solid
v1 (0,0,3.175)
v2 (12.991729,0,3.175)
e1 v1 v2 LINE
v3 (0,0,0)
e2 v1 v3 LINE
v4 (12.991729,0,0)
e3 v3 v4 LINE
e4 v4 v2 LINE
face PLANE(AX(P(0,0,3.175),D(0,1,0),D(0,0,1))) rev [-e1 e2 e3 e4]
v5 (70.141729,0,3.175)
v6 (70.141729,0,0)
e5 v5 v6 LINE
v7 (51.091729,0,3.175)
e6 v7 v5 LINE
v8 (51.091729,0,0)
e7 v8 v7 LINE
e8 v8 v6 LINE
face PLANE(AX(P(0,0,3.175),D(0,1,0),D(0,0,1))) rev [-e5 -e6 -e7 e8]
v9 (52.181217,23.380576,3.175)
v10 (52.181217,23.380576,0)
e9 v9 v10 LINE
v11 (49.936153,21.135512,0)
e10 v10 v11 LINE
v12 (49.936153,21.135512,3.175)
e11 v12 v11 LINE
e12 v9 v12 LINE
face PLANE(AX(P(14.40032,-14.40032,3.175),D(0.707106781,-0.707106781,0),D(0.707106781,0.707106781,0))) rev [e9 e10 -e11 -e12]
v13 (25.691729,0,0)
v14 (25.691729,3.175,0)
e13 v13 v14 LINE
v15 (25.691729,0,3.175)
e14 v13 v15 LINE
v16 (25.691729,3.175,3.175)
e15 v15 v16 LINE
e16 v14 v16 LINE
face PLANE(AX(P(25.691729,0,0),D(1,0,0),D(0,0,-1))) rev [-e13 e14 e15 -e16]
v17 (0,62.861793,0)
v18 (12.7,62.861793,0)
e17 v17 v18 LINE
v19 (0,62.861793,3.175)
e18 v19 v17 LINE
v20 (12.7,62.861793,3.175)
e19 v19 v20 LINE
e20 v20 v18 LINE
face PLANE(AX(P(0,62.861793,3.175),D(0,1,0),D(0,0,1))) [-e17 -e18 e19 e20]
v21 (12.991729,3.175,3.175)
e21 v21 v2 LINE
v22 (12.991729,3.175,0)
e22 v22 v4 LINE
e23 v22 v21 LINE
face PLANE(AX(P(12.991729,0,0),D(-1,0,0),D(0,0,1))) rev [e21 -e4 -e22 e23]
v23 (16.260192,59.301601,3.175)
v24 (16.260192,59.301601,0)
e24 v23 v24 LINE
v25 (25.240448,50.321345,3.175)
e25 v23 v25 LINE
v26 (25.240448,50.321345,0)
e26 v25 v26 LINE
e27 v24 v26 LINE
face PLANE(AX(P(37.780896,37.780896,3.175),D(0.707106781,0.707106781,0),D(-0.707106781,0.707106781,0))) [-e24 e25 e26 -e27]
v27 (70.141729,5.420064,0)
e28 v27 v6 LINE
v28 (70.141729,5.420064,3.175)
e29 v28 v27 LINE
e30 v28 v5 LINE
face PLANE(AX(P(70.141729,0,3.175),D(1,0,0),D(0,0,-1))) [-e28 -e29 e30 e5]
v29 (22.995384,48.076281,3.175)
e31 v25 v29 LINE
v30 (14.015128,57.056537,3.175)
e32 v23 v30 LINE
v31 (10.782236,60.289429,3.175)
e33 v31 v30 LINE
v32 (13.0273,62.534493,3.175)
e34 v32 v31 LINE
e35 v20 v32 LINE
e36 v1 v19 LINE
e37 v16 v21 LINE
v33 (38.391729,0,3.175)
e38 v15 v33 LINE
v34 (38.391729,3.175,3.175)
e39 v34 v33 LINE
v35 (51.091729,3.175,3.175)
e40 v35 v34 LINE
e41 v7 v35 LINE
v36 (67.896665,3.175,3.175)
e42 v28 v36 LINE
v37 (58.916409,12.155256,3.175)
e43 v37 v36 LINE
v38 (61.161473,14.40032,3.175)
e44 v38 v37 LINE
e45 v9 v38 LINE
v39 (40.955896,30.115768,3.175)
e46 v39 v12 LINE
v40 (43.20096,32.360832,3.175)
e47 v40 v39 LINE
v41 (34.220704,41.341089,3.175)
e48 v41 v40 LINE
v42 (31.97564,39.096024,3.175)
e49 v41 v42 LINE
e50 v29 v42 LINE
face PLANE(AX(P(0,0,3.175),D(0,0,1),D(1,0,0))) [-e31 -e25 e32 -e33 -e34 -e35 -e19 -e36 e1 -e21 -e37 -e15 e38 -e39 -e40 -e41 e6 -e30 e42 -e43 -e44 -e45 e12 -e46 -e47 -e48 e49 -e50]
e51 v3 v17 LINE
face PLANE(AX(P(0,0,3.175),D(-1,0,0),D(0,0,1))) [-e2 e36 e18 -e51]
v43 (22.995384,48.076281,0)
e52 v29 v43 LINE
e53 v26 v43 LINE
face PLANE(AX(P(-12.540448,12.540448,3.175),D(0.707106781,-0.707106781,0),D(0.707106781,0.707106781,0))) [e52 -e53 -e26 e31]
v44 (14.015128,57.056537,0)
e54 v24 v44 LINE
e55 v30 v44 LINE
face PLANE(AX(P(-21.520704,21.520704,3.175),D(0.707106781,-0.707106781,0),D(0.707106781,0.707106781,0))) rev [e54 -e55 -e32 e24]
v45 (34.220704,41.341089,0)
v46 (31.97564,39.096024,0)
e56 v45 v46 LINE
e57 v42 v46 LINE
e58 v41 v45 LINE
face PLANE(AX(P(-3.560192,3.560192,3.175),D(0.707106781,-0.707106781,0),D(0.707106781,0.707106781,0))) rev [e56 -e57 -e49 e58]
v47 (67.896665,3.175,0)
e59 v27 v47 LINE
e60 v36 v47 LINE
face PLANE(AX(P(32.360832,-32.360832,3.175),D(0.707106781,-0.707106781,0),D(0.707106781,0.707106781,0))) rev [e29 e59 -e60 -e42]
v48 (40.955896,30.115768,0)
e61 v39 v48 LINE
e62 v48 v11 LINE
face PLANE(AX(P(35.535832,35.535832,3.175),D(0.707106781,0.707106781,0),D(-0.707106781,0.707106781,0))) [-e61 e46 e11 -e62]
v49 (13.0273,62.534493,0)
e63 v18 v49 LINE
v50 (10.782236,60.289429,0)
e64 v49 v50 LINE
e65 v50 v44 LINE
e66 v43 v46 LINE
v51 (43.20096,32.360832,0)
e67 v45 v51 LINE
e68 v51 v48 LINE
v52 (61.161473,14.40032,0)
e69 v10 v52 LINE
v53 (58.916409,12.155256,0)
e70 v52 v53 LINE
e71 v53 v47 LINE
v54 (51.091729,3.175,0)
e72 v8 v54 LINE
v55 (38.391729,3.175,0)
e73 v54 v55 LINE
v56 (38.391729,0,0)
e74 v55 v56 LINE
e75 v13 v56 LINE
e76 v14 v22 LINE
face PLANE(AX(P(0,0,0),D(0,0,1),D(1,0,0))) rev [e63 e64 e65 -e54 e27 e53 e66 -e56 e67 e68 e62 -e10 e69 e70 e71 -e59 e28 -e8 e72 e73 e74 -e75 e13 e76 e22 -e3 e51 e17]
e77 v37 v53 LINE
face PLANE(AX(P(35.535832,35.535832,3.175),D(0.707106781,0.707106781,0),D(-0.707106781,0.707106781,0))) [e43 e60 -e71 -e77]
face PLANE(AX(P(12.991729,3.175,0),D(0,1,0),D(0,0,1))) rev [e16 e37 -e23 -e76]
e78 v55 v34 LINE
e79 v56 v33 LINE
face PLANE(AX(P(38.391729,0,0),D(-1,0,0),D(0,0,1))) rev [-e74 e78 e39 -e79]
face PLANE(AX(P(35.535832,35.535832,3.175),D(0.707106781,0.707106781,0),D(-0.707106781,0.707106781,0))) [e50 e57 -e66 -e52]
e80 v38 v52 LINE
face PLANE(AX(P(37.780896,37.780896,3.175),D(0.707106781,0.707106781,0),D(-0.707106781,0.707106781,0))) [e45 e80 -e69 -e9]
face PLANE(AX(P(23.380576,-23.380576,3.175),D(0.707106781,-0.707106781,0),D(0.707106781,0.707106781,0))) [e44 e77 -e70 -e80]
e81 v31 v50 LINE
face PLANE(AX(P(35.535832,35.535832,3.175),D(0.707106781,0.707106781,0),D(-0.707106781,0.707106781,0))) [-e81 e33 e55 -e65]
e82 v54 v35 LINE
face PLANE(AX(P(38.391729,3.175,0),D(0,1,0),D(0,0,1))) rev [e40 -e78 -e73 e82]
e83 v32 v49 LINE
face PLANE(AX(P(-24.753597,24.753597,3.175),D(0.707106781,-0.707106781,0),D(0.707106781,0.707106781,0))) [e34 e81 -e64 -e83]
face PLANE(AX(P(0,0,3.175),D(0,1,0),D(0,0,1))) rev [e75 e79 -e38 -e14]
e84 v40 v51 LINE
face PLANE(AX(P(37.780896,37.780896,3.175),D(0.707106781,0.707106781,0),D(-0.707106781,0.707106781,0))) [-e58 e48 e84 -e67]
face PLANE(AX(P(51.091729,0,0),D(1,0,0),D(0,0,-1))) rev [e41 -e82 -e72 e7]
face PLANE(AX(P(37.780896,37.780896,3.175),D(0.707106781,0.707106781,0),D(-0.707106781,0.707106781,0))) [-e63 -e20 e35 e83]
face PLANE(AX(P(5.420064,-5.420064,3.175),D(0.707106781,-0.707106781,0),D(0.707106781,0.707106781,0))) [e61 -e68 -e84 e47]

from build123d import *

# Parameters (mm, degrees)
BOSS_EXTRUDE1_DEPTH     = 3.175
CUT_EXTRUDE1_DEPTH      = 95.24196383
CUT_EXTRUDE1_DEPTH_BACK = 95.24196383
SKETCH3_W               = 12.7
SKETCH3_H               = 3.175


with BuildPart() as part:
    # Sketch2 → Boss-Extrude1 (new body)
    with BuildSketch(Plane.XY):
        Polygon((13.027299887, 62.53449296), (12.7, 62.861792847), (0, 62.861792847), (0, 0), (70.141728817, 0), (70.141728817, 5.42006403), (67.896664787, 3.175), (58.916408666, 12.155256121), (61.161472696, 14.400320151), (52.181216575, 23.380576272), (49.936152545, 21.135512242), (40.955896424, 30.115768363), (43.200960454, 32.360832393), (34.220704333, 41.341088515), (31.975640303, 39.096024484), (22.995384182, 48.076280605), (25.240448212, 50.321344636), (16.260192091, 59.301600757), (14.015128061, 57.056536726), (10.782235857, 60.28942893), align=None)
    extrude(amount=BOSS_EXTRUDE1_DEPTH)

    # Sketch3 → Cut-Extrude1 (cut, two sides: drawn at the far end of the back side and taken through both)
    with BuildSketch(Plane.XY.offset(3.175).offset(-CUT_EXTRUDE1_DEPTH_BACK)):
        with Locations((44.741728817, 1.5875)):
            Rectangle(SKETCH3_W, SKETCH3_H)
        with Locations((19.341728817, 1.5875)):
            Rectangle(SKETCH3_W, SKETCH3_H)
    extrude(amount=CUT_EXTRUDE1_DEPTH + CUT_EXTRUDE1_DEPTH_BACK, mode=Mode.SUBTRACT)


solid = part.part
